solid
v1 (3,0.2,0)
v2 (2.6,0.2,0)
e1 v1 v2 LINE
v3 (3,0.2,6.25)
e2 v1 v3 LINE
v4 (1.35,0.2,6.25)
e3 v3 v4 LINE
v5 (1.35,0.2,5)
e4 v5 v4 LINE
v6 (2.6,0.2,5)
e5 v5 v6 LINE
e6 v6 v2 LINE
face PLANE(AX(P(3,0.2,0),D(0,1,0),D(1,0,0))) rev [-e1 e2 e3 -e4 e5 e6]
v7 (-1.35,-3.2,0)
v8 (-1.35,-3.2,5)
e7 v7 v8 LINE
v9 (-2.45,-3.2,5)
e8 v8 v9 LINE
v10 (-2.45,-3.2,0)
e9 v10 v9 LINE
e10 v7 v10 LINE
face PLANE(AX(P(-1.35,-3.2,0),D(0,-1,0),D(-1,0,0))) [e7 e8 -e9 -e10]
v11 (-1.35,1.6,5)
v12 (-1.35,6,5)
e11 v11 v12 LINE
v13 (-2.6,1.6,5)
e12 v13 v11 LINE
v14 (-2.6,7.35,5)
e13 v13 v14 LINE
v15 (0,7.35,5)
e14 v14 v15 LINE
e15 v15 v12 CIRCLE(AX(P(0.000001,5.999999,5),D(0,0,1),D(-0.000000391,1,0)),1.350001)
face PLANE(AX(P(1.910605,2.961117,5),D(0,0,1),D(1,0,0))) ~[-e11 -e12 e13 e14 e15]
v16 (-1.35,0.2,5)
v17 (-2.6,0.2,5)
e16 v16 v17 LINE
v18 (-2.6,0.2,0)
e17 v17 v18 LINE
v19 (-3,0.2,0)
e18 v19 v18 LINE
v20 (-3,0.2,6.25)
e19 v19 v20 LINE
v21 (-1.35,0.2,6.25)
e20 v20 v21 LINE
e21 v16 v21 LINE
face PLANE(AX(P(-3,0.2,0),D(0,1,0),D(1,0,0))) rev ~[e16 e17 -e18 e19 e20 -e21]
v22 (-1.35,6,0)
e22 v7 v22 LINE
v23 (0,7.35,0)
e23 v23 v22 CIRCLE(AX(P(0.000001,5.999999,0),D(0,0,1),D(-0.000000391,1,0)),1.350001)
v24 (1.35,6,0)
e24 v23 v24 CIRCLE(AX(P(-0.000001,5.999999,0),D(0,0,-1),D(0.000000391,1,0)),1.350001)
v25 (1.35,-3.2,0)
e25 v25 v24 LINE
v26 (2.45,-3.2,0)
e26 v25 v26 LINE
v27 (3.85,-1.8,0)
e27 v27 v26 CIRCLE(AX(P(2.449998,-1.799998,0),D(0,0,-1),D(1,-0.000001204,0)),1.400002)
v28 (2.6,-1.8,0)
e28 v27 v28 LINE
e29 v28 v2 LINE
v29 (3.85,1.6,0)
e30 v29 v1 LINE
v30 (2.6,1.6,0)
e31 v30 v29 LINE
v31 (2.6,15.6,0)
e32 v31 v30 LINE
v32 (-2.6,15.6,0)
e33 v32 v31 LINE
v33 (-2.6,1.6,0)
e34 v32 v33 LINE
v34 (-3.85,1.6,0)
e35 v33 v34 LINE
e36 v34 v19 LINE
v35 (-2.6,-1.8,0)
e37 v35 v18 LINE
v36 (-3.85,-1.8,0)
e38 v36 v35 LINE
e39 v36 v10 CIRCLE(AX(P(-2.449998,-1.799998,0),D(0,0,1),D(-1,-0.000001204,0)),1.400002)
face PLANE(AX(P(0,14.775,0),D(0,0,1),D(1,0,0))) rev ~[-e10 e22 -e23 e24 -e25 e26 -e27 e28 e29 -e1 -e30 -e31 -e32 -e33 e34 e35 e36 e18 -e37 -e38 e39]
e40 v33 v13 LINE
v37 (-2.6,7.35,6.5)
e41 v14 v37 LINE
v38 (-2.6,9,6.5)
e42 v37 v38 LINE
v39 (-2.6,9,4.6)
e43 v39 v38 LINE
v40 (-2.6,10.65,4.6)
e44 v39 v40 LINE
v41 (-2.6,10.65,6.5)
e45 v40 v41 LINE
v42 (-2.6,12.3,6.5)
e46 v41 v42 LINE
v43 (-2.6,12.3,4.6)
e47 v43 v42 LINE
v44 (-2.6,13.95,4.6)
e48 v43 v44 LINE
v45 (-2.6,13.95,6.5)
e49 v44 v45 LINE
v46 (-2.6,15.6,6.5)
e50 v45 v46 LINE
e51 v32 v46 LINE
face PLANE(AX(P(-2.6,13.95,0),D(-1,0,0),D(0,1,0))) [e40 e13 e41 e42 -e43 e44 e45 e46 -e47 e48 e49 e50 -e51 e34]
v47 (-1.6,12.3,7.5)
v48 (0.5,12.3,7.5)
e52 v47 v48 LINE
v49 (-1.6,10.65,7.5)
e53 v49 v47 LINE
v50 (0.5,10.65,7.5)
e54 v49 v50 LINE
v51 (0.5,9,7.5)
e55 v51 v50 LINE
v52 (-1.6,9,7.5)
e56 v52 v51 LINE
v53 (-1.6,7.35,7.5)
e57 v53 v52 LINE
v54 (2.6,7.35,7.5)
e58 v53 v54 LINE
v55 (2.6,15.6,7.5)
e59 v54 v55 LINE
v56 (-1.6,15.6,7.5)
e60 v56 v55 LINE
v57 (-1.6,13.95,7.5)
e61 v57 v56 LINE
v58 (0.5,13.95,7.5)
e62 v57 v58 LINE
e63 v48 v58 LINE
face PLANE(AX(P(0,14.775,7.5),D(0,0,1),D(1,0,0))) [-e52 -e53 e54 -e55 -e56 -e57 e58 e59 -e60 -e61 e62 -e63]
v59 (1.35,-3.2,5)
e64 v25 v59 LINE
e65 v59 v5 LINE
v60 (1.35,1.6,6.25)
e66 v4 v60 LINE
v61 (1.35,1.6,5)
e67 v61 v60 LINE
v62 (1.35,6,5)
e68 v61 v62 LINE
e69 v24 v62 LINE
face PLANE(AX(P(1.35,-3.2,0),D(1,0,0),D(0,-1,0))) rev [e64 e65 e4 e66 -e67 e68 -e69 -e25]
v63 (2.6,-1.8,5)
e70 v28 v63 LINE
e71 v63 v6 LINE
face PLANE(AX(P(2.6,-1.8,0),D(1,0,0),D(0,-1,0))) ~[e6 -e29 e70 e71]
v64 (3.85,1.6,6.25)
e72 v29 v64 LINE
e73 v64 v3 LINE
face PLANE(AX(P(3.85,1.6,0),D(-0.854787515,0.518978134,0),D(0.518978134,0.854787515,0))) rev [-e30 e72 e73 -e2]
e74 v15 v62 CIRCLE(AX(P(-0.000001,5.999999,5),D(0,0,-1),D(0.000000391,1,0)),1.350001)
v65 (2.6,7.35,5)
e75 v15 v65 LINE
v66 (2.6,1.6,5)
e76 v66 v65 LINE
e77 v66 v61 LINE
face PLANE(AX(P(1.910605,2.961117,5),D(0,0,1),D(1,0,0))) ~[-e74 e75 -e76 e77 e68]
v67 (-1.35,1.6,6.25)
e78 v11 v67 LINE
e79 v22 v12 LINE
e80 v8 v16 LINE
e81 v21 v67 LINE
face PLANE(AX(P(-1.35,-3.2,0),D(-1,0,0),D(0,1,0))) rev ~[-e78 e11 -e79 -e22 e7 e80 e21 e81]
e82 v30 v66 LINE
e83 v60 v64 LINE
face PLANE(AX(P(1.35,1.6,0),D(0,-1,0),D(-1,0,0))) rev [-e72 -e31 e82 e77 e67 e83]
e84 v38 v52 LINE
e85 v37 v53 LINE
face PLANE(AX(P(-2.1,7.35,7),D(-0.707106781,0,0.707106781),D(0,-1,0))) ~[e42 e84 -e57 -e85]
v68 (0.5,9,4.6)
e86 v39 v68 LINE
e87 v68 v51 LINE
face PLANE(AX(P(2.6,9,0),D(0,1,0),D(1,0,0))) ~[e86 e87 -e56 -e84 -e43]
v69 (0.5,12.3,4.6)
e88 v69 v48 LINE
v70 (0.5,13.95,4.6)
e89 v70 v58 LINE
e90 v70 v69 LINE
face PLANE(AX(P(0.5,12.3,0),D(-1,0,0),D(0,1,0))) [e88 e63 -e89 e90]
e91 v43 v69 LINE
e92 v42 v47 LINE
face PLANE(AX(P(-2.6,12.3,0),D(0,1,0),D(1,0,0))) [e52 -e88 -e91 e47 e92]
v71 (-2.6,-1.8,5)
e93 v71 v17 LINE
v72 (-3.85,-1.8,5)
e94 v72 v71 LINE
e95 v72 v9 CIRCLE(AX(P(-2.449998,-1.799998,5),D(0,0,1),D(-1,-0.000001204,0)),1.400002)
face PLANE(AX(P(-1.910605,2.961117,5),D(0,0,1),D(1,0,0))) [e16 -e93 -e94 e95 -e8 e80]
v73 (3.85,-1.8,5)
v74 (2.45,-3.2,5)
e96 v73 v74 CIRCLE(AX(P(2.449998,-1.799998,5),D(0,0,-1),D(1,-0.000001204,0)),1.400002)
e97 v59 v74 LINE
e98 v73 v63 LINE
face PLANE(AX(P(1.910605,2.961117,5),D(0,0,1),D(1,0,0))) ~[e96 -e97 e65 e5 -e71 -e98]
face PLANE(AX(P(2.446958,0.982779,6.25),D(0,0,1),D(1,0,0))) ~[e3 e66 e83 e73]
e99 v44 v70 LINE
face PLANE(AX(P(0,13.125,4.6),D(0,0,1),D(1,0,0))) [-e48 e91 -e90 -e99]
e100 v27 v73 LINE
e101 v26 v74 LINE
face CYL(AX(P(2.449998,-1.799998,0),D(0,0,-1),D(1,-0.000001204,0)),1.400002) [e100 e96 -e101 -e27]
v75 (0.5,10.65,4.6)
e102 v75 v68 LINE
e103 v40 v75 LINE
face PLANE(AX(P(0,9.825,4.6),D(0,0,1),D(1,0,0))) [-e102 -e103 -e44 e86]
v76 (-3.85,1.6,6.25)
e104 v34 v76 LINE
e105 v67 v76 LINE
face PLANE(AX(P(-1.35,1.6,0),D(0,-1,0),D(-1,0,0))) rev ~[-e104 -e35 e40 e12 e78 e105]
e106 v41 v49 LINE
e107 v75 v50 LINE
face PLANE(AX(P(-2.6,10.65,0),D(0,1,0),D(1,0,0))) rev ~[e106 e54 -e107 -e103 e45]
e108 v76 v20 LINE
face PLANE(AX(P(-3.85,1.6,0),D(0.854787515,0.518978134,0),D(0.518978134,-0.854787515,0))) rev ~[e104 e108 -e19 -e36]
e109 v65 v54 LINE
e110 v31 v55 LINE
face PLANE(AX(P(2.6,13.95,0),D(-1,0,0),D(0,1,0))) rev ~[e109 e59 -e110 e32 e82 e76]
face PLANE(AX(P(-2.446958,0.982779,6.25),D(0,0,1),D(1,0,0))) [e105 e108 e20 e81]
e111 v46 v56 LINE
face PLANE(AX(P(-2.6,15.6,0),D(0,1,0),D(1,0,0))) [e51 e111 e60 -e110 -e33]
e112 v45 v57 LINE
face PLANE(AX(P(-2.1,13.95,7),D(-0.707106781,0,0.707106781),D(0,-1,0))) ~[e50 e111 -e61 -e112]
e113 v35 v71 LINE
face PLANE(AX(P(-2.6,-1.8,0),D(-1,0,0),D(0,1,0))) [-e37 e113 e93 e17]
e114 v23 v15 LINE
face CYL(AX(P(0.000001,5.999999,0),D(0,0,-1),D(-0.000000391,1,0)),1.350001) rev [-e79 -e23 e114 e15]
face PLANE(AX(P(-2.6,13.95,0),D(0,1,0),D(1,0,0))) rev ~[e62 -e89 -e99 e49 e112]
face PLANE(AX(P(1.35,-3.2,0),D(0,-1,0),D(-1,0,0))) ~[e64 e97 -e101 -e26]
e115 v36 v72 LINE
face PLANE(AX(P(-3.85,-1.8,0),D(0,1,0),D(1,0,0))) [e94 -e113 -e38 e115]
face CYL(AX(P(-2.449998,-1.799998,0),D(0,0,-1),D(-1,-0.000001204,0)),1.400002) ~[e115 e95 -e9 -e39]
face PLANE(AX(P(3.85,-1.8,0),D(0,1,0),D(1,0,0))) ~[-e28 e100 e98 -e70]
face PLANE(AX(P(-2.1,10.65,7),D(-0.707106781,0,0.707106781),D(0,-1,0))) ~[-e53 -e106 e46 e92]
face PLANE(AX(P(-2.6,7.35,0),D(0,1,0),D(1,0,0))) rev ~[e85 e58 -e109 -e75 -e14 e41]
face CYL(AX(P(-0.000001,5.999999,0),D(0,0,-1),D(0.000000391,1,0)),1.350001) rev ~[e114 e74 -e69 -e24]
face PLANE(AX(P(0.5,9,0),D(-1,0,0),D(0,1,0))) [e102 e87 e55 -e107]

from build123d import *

# Parameters (mm, degrees)
PAD017_DEPTH           = 5
PAD020_DEPTH           = 6.25
SKETCH055_W            = 5.2
SKETCH055_H            = 1.65
PAD025_DEPTH           = 7.5
SKETCH052_W            = 5.2
SKETCH052_H            = 1.65
PAD026_DEPTH           = 4.6
SKETCH053_W            = 2.1
SKETCH053_H            = 1.65
PAD027_DEPTH           = 7.5
SKETCH054_W            = 5.2
SKETCH054_H            = 1.65
PAD028_DEPTH           = 7.5
LINEARPATTERN011_COUNT = 2
LINEARPATTERN011_PITCH = 3.3
CHAMFER001_SIZE        = 1


with BuildPart() as bc_c:
    # Sketch034 → Pad017 (new body)
    with BuildSketch(Plane.XY):
        with BuildLine():
            Line((-1.35, -1.8), (-1.35, 6))
            ThreePointArc((0, 7.35), (-0.954594, 6.954594), (-1.35, 6))
            Line((0, 9), (0, 7.35))
            Line((-2.6, 9), (0, 9))
            Line((-2.6, -1.8), (-2.6, 9))
            Line((-3.85, -1.8), (-2.6, -1.8))
            ThreePointArc((-3.85, -1.8), (-3.439949, -2.789949), (-2.45, -3.2))
            Line((-1.35, -3.2), (-2.45, -3.2))
            Line((-1.35, -1.8), (-1.35, -3.2))
        make_face()
    extrude(amount=PAD017_DEPTH)

    # Sketch037 → Pad020 (join)
    with BuildSketch(Plane.XY):
        Polygon((-1.35, 0.2), (-1.35, 1.6), (-2.6, 1.6), (-3.85, 1.6), (-3, 0.2), (-2.6, 0.2), align=None)
    extrude(amount=PAD020_DEPTH)


with BuildPart() as bc_s_mirrored:
    # Mirror001: instance of _bc_c
    add(bc_c.part.mirror(Plane(origin=(0, 0, 0), x_dir=(0, 1, 0), z_dir=(-1, 0, 0))))


with BuildPart() as body018:
    # Fusion001 base: copy of _bc_c
    add(bc_c.part)

    # Fusion001: union _bc_s(mirrored)
    add(bc_s_mirrored.part)

    # Sketch055 → Pad025 (new body)
    with BuildSketch(Plane.XY):
        with Locations((0, 8.175)):
            Rectangle(SKETCH055_W, SKETCH055_H)
    extrude(amount=PAD025_DEPTH)

    # Sketch052 → Pad026 (join)
    with BuildSketch(Plane.XY):
        with Locations((0, 9.825)):
            Rectangle(SKETCH052_W, SKETCH052_H)
    pad026 = extrude(amount=PAD026_DEPTH)

    # Sketch053 → Pad027 (join)
    with BuildSketch(Plane.XY):
        with Locations((1.55, 9.825)):
            Rectangle(SKETCH053_W, SKETCH053_H)
    pad027 = extrude(amount=PAD027_DEPTH)

    # Sketch054 → Pad028 (join)
    with BuildSketch(Plane.XY):
        with Locations((0, 11.475)):
            Rectangle(SKETCH054_W, SKETCH054_H)
    pad028 = extrude(amount=PAD028_DEPTH)

    # LinearPattern011: Pad026, Pad027, Pad028 ×2
    with Locations(*[(0, i * LINEARPATTERN011_PITCH, 0) for i in range(1, LINEARPATTERN011_COUNT)]):
        add(pad026)
        add(pad027)
        add(pad028)

    # Chamfer001
    chamfer001_edges = [body018.edges().sort_by_distance(p)[0] for p in [
        (-2.6, 14.775, 7.5),
        (-2.6, 11.475, 7.5),
        (-2.6, 8.175, 7.5),
    ]]
    chamfer(chamfer001_edges, length=CHAMFER001_SIZE)


solid = body018.part
